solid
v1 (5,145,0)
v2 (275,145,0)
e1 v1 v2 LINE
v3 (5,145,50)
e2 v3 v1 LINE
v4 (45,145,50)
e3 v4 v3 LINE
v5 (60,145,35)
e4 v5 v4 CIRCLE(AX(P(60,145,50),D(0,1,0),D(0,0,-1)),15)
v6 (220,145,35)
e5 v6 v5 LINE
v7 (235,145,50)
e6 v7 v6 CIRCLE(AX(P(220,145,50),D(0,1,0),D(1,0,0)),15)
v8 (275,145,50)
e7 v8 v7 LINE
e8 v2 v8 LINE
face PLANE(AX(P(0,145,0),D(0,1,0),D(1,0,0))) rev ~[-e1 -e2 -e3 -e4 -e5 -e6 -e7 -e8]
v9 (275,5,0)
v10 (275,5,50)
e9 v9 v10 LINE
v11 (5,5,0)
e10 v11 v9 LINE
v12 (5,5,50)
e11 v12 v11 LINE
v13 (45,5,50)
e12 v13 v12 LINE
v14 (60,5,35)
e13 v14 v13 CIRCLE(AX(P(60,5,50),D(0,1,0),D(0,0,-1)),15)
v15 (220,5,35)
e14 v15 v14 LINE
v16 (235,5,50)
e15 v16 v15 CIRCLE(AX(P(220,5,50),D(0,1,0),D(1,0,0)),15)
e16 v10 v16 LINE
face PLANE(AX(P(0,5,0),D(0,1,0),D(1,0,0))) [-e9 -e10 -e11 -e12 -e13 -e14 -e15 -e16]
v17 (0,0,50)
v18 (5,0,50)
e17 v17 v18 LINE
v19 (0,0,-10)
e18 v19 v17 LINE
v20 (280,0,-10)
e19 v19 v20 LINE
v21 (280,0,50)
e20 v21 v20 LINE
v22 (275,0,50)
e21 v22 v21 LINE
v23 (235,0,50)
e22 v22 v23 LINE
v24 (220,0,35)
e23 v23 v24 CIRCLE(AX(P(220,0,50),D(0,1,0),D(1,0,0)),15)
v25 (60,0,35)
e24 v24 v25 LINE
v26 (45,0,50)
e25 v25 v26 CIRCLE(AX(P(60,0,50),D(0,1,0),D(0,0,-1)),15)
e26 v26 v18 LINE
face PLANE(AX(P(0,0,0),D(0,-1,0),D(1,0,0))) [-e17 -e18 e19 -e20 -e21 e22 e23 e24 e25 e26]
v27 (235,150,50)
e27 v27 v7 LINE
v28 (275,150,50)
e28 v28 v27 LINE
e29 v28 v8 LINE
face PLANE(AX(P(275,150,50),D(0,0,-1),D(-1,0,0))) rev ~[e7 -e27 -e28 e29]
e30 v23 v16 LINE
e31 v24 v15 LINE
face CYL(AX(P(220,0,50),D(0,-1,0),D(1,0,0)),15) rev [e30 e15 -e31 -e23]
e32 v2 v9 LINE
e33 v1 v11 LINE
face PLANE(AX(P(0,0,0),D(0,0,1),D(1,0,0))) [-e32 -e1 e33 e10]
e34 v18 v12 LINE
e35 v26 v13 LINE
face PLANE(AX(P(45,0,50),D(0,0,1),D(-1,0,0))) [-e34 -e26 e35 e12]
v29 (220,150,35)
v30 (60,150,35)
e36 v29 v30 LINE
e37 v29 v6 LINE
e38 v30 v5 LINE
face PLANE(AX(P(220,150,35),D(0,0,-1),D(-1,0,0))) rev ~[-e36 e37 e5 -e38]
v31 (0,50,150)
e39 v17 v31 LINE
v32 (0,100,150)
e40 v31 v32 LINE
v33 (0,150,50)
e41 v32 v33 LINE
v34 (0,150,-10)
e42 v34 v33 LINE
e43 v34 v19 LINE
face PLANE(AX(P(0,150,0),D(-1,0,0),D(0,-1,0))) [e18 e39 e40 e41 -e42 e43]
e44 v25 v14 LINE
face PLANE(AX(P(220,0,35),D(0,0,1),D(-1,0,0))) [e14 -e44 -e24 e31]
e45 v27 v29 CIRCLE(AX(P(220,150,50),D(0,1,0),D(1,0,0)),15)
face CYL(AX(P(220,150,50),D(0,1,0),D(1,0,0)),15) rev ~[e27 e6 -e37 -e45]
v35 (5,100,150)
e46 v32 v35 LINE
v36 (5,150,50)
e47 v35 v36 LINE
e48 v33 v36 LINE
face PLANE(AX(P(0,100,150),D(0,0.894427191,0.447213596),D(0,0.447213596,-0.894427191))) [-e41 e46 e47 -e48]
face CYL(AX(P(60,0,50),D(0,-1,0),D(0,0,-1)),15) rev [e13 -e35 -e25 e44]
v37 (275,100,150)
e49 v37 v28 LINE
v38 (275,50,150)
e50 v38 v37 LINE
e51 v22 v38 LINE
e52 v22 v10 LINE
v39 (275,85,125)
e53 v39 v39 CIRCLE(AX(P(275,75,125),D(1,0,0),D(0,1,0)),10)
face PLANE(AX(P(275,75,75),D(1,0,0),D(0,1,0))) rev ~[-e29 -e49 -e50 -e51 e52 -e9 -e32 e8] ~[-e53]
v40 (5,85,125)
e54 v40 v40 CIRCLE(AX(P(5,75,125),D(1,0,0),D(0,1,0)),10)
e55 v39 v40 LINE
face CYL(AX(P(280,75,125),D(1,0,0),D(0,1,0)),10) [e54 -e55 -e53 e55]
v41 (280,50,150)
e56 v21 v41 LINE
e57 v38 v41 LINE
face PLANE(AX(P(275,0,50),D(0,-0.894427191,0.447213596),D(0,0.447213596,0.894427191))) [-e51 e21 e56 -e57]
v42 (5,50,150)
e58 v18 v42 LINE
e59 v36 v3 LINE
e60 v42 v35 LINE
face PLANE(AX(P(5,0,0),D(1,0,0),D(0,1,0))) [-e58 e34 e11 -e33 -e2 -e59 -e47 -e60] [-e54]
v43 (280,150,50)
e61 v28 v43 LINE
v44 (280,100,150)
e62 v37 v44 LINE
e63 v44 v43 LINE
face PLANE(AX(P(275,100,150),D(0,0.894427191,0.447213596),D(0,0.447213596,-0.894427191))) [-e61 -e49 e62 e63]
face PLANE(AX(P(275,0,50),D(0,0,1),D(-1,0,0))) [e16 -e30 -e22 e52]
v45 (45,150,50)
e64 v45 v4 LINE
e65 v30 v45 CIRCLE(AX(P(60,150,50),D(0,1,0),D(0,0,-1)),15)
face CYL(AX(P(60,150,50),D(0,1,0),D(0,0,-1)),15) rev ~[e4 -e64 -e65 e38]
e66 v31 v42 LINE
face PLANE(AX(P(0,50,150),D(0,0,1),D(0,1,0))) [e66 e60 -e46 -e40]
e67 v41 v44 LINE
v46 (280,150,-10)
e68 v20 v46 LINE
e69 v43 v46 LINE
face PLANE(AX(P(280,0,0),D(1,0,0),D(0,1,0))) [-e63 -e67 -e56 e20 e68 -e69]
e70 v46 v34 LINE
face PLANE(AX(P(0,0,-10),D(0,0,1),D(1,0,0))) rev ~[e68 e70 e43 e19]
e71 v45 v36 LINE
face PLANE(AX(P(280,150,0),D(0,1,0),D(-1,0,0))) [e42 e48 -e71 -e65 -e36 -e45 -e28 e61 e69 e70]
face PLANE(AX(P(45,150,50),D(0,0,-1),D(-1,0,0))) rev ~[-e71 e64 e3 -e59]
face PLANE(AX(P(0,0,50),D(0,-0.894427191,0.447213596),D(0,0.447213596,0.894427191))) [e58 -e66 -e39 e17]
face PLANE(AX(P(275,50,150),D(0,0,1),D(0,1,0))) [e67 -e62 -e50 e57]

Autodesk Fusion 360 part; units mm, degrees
sketch "Sketch1" plane through (0, 0, 0) normal (1, 0, 0) x (0, 1, 0)
  line L0 (0, 0) -> (0, 50)
  line L1 (0, 0) -> (125, 0)
  line L2 (125, 0) -> (150, 0)
  line L3 (150, 0) -> (150, 50)
  line L4 (0, 50) -> (50, 150)
  line L5 (50, 150) -> (100, 150)
  line L6 (100, 150) -> (150, 50)
  circle A0 centre (75, 125) radius 10
extrude "Extrude1" add sketch "Sketch1" along normal blind 5 makes body 1
ref_plane "WorkPlane1" through (275, 75, 75) normal (1, 0, 0) x (0, 1, 0)
sketch "Sketch2" plane through (275, 75, 75) normal (1, 0, 0) x (0, 1, 0)
  line L0 (-75, -75) -> (-75, -25)
  line L1 (-75, -25) -> (-25, 75)
  line L2 (-25, 75) -> (25, 75)
  line L3 (25, 75) -> (75, -25)
  line L4 (75, -25) -> (75, -75)
  line L5 (75, -75) -> (-75, -75)
  circle A0 centre (0, 50) radius 10
extrude "Extrude2" add sketch "Sketch2" along normal blind 5 separate body makes body 2
sketch "Sketch3" plane through (0, 0, 0) normal (0, 1, 0) x (1, 0, 0)
  line L0 (5, 0) -> (275, 0)
  line L1 (275, 0) -> (275, -50)
  line L2 (275, -50) -> (235, -50)
  line L3 (235, -50) -> (235, -50)
  line L4 (220, -35) -> (60, -35)
  line L5 (45, -50) -> (45, -50)
  line L6 (45, -50) -> (5, -50)
  line L7 (5, -50) -> (5, 0)
  arc A0 (60, -35) -> (45, -50) centre (60, -50) ccw
  arc A1 (235, -50) -> (220, -35) centre (220, -50) ccw
  dimension "d6" = 15
  dimension "d7" = 15
extrude "Extrude3" add sketch "Sketch3" along normal blind 5 bodies 1 2
ref_plane "WorkPlane2" through (0, 150, 0) normal (0, 1, 0) x (0, 0, 1)
sketch "Sketch4" plane through (0, 150, 0) normal (0, 1, 0) x (1, 0, 0)
  line L0 (5, -50) -> (5, 0)
  line L1 (5, 0) -> (275, 0)
  line L2 (275, 0) -> (275, -50)
  line L3 (275, -50) -> (235, -50)
  line L4 (235, -50) -> (235, -50)
  line L5 (220, -35) -> (60, -35)
  line L6 (45, -50) -> (45, -50)
  line L7 (45, -50) -> (5, -50)
  arc A0 (60, -35) -> (45, -50) centre (60, -50) ccw
  arc A1 (235, -50) -> (220, -35) centre (220, -50) ccw
  dimension "d11" = 15
  dimension "d12" = 15
extrude "Extrude4" add sketch "Sketch4" against normal blind 5 bodies 1
sketch "Sketch5" plane through (0, 0, 0) normal (0, 0, 1) x (1, 0, 0)
  line L0 (0, 150) -> (0, 0)
  line L1 (0, 0) -> (280, 0)
  line L2 (280, 0) -> (280, 150)
  line L3 (280, 150) -> (0, 150)
extrude "Extrude5" add sketch "Sketch5" against normal blind 10 bodies 1
sketch "Sketch6" plane through (280, 0, 0) normal (1, 0, 0) x (0, 1, 0)
  circle A0 centre (75, 125) radius 10
  line L0 (150, -10) -> (150, 50)
  line L1 (150, 50) -> (100, 150)
  line L2 (100, 150) -> (50, 150)
  line L3 (50, 150) -> (0, 50)
  line L4 (0, 50) -> (0, -10)
  line L5 (0, -10) -> (150, -10)
  circle A1 centre (75, 125) radius 10
extrude "Extrude6" add sketch "Sketch6" against normal blind 280 contours A0 A1 bodies 1
